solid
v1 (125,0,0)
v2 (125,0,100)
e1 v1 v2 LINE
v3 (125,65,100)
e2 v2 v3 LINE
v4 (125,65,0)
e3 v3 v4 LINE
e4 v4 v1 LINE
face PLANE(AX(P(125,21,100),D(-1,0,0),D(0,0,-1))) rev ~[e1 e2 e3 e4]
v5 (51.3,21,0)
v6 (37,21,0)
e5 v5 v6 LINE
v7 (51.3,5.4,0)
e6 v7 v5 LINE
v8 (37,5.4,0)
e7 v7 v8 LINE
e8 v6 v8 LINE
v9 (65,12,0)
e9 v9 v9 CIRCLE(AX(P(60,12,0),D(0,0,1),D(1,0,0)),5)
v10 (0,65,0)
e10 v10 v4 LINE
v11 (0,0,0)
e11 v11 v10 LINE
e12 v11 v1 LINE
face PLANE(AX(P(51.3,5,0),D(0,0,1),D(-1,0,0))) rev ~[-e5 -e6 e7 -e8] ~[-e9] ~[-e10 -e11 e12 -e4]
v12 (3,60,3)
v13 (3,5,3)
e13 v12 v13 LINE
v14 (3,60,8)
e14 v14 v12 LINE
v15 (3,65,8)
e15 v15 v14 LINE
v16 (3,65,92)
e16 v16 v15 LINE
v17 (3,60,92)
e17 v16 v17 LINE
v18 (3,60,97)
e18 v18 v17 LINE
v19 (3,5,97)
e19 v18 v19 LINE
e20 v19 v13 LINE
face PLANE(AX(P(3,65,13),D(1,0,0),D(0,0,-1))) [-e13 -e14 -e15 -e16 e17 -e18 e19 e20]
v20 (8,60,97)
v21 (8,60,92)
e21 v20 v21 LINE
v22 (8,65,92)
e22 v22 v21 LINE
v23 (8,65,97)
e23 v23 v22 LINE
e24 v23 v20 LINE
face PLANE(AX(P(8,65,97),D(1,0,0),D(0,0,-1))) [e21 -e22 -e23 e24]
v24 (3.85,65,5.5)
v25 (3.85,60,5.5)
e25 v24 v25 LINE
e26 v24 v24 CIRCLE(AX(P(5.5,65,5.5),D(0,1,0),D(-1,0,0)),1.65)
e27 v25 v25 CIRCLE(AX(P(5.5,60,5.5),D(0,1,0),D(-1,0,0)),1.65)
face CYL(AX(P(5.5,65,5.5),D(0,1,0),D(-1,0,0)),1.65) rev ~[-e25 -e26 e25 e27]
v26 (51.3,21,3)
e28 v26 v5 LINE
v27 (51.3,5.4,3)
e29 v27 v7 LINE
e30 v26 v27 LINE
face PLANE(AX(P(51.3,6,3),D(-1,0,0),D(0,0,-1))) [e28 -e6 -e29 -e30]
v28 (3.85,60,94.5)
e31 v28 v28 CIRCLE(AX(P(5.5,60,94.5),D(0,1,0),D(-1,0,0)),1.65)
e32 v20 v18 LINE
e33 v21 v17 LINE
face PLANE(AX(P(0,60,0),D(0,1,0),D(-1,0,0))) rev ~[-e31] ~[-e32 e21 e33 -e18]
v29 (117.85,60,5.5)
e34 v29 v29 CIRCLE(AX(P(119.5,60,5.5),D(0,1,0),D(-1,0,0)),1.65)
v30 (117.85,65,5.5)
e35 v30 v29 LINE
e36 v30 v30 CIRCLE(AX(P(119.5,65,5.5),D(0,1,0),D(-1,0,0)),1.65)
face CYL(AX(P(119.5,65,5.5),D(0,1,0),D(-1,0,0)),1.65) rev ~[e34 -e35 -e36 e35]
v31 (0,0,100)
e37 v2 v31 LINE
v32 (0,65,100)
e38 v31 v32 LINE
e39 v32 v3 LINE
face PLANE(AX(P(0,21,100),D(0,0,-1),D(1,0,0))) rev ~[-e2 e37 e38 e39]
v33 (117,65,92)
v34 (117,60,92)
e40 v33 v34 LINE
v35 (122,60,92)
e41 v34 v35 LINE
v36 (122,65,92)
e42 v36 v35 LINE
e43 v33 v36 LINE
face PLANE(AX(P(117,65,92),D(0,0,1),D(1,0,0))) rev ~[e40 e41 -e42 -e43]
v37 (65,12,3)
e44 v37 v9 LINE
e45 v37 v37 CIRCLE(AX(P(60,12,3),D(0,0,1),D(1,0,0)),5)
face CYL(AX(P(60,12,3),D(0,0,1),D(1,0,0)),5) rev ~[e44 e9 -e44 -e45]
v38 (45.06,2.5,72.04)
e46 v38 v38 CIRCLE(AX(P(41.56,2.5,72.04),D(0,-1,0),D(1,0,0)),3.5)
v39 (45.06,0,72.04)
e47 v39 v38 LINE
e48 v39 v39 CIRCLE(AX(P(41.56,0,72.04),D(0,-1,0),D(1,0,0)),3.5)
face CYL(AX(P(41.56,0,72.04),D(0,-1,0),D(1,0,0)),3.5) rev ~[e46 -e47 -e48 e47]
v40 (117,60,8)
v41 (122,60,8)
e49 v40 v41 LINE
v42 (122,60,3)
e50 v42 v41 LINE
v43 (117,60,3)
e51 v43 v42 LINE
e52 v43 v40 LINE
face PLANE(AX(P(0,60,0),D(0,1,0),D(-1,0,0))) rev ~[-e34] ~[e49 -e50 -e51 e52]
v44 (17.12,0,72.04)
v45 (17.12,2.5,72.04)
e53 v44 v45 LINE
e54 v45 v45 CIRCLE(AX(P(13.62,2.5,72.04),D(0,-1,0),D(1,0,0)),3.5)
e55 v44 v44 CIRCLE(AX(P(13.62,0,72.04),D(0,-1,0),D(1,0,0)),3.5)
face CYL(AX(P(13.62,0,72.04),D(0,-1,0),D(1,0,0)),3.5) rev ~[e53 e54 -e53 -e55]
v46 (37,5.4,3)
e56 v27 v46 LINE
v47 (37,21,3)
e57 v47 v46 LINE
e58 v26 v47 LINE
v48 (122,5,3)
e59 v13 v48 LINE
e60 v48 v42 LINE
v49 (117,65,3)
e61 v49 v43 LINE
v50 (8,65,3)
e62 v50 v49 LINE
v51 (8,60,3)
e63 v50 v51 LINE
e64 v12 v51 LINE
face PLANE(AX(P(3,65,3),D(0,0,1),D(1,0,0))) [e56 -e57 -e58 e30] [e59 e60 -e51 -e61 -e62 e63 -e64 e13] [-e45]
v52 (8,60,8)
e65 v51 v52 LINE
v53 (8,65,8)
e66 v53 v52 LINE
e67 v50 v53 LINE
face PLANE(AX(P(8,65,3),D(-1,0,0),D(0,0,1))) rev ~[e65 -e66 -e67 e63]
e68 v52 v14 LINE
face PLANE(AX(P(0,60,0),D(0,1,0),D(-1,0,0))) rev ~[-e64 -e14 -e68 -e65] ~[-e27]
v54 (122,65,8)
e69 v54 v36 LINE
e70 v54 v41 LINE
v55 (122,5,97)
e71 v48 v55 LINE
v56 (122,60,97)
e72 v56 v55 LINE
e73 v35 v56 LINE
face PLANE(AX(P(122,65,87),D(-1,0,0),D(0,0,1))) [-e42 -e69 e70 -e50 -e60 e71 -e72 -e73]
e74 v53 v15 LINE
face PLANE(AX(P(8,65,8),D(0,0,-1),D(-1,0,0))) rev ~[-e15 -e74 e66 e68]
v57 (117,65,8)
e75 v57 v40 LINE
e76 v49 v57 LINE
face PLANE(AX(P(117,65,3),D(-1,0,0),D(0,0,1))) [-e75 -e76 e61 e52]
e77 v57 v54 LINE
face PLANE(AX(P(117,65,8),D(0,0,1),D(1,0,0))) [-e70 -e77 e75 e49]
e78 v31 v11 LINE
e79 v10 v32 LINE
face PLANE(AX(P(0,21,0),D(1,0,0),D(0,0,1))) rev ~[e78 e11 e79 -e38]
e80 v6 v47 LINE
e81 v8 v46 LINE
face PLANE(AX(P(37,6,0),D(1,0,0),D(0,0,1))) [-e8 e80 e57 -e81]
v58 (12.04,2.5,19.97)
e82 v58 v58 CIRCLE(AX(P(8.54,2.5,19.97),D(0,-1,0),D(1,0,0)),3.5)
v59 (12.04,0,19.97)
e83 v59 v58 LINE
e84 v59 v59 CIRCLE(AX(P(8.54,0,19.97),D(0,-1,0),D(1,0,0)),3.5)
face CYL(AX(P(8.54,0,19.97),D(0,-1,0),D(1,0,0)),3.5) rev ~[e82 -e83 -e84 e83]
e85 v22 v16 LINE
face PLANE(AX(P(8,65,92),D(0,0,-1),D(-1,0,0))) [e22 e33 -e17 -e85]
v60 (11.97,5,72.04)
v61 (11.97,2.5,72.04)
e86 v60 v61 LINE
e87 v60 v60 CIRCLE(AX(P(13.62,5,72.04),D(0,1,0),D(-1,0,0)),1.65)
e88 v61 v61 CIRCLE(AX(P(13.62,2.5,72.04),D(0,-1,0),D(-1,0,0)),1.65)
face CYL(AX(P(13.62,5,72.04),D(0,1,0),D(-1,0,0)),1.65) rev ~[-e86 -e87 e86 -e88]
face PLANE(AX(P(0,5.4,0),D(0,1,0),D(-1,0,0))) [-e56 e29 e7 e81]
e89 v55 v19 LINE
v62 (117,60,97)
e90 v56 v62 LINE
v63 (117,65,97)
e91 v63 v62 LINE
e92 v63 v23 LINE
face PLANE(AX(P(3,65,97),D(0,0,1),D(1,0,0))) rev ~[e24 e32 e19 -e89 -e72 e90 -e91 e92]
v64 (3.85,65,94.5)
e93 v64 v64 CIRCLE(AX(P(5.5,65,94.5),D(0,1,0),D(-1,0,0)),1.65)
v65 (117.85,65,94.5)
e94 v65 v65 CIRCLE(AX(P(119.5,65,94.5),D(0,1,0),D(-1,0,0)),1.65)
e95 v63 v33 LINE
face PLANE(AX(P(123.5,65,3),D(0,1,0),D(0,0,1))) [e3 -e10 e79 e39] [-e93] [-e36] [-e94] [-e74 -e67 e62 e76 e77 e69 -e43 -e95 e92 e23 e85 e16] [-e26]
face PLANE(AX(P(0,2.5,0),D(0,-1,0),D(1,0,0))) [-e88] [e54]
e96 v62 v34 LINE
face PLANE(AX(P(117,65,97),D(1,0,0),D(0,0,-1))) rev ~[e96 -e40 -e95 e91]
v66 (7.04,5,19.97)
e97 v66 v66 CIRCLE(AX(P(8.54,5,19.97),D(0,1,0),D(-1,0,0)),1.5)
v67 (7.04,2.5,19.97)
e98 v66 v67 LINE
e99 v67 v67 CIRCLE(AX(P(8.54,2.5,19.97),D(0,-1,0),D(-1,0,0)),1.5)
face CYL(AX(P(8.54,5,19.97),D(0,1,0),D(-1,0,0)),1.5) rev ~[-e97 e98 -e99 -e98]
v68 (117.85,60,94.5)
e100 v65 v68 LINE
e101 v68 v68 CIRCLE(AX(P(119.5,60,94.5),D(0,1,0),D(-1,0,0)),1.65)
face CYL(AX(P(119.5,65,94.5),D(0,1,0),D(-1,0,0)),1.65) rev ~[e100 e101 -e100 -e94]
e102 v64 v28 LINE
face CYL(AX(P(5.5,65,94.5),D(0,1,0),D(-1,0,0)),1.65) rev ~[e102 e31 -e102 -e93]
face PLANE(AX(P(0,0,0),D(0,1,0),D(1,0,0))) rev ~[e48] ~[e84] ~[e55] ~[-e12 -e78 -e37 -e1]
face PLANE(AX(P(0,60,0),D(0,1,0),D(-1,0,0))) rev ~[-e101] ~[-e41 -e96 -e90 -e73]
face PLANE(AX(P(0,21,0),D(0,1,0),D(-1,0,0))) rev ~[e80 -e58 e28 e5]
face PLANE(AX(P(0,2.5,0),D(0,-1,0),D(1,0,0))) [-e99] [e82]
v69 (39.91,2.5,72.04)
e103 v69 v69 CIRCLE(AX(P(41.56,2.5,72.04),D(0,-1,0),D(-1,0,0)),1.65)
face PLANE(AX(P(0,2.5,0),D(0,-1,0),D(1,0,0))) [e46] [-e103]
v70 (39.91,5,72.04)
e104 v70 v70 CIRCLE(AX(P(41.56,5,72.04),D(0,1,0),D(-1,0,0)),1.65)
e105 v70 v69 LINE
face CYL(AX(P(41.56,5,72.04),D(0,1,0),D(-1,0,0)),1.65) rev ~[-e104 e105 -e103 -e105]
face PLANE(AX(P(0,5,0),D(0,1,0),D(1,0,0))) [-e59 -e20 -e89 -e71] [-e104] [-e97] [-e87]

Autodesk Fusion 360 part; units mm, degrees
sketch "Sketch1" plane through (0, 0, 0) normal (0, 1, 0) x (1, 0, 0)
  line L0 (0, 0) -> (125, 0)
  line L1 (125, 0) -> (125, -100)
  line L2 (125, -100) -> (0, -100)
  line L3 (0, -100) -> (0, 0)
  dimension "d1" = 125
  dimension "d2" = 100
extrude "Extrude1" add sketch "Sketch1" along normal blind 5
sketch "Sketch2" plane through (0, 5, 0) normal (0, 1, 0) x (-1, 0, 0)
  line L0 (0, 100) -> (-125, 100)
  line L1 (-125, 100) -> (-125, 0)
  line L2 (-125, 0) -> (0, 0)
  line L3 (0, 0) -> (0, 100)
  line L4 (-122, 3) -> (-3, 3)
  line L5 (-3, 3) -> (-3, 97)
  line L6 (-3, 97) -> (-122, 97)
  line L7 (-122, 97) -> (-122, 3)
  line L8 (-6, 6) -> (-59.3, 6)
  line L9 (-59.3, 6) -> (-59.3, 74.6)
  line L10 (-59.3, 74.6) -> (-6, 74.6)
  line L11 (-6, 74.6) -> (-6, 6)
  line L12 (-59.3, 6) -> (-52.3, 6)
  line L13 (-6, 6) -> (-37, 6)
  line L14 (-37, 3) -> (-52, 3)
  line L15 (-52, 3) -> (-52, 0)
  line L16 (-52, 0) -> (-37, 0)
  line L17 (-37, 0) -> (-37, 3)
  line L18 (-6, 6) -> (-6, 19.97)
  circle A0 centre (-8.54, 19.97) radius 1.5
  line L19 (-6, 6) -> (-6, 72.04)
  circle A1 centre (-13.62, 72.04) radius 1.65
  circle A2 centre (-41.56, 72.04) radius 1.65
  line L20 (-119, 6) -> (-64, 6)
  line L21 (-64, 6) -> (-64, 90)
  line L22 (-64, 90) -> (-119, 90)
  line L23 (-119, 90) -> (-119, 6)
  dimension "d9" = 53.3
  dimension "d10" = 68.6
  dimension "d11" = 7
  dimension "d12" = 31
  dimension "d13" = 13.97
  dimension "d14" = 2.54
  dimension "d15" = 3
  dimension "d16" = 66.04
  dimension "d17" = 7.62
  dimension "d18" = 35.56
  dimension "d19" = 3.3
  dimension "d20" = 3.3
  dimension "d21" = 55
  dimension "d22" = 84
extrude "Extrude2" cut sketch "Sketch2" against normal blind 5 contours A0 | A1 | A2
sketch "Sketch3" plane through (0, 5, 0) normal (0, 1, 0) x (-1, 0, 0)
  circle A0 centre (-8.54, 19.97) radius 1.5
  circle A1 centre (-13.62, 72.04) radius 1.65
  circle A2 centre (-41.56, 72.04) radius 1.65
  line L0 (0, 100) -> (-125, 100)
  line L1 (-125, 100) -> (-125, 0)
  line L2 (-125, 0) -> (0, 0)
  line L3 (0, 0) -> (0, 100)
  line L4 (-3, 3) -> (-123.5, 3)
  line L5 (-123.5, 3) -> (-123.5, 98.5)
  line L6 (-123.5, 98.5) -> (-3, 98.5)
  line L7 (-3, 98.5) -> (-3, 3)
  line L8 (-6, 6) -> (-59.3, 6)
  line L9 (-59.3, 6) -> (-59.3, 74.6)
  line L10 (-59.3, 74.6) -> (-6, 74.6)
  line L11 (-6, 74.6) -> (-6, 6)
  line L12 (-6, 6) -> (-37, 6)
  line L13 (-59.3, 6) -> (-51.3, 6)
  line L14 (-37, 3) -> (-51.3, 3)
  line L15 (-51.3, 3) -> (-51.3, 0)
  line L16 (-51.3, 0) -> (-37, 0)
  line L17 (-37, 0) -> (-37, 3)
  dimension "d25" = 53.3
  dimension "d26" = 68.6
  dimension "d27" = 31
  dimension "d28" = 8
extrude "Extrude3" add sketch "Sketch3" along normal blind 1 contours L0 L1 L2 L3 L4 L5 L6 L7 L15 L17
sketch "Sketch4" plane through (0, 0, 0) normal (0, -1, 0) x (1, 0, 0)
  circle A0 centre (8.54, 19.97) radius 1.5
  circle A1 centre (13.62, 72.04) radius 1.65
  circle A2 centre (41.56, 72.04) radius 1.65
  line L0 (125, 100) -> (0, 100)
  line L1 (0, 100) -> (0, 0)
  line L2 (0, 0) -> (125, 0)
  line L3 (125, 0) -> (125, 100)
  circle A3 centre (8.54, 19.97) radius 3.5
  circle A4 centre (13.62, 72.04) radius 3.5
  circle A5 centre (41.56, 72.04) radius 3.5
  dimension "d31" = 7
  dimension "d32" = 7
  dimension "d33" = 7
extrude "Extrude4" cut sketch "Sketch4" against normal blind 2.5 contours A3 | A4 | A5
extrude "Extrude5" add 1 faces at (1, 6, 34.3333) along direction (0, 1, 0) blind 17
sketch "Sketch5" plane through (0, 5, 0) normal (0, 1, 0) x (-1, 0, 0)
  line L0 (-51.3, 3) -> (-51.3, 0)
  line L1 (-51.3, 0) -> (-37, 0)
  line L2 (-37, 0) -> (-37, 3)
  line L3 (-37, 3) -> (-3, 3)
  line L4 (-3, 3) -> (-3, 98.5)
  line L5 (-3, 98.5) -> (-123.5, 98.5)
  line L6 (-123.5, 98.5) -> (-123.5, 3)
  line L7 (-123.5, 3) -> (-51.3, 3)
  circle A0 centre (-8.54, 19.97) radius 1.5
  circle A1 centre (-13.62, 72.04) radius 1.65
  circle A2 centre (-41.56, 72.04) radius 1.65
  line L8 (-51.3, 3) -> (-37, 3)
  line L9 (-37, 3) -> (-37, 0)
  line L10 (-37, 0) -> (-51.3, 0)
  line L11 (-51.3, 0) -> (-51.3, 3)
extrude "Extrude6" add sketch "Sketch5" along normal blind 0.4 contours L0 L1 L2 L8 L9 L10 L11
extrude "Extrude7" cut 1 faces at (1, 23, 34.3333) along direction (0, -1, 0) blind 2
sketch "Sketch6" plane through (0, 21, 0) normal (0, 1, 0) x (-1, 0, 0)
  line L0 (0, 0) -> (0, 100)
  line L1 (0, 100) -> (-125, 100)
  line L2 (-125, 100) -> (-125, 0)
  line L3 (-125, 0) -> (-51.3, 0)
  line L4 (-51.3, 0) -> (-51.3, 3)
  line L5 (-51.3, 3) -> (-123.5, 3)
  line L6 (-123.5, 3) -> (-123.5, 98.5)
  line L7 (-123.5, 98.5) -> (-3, 98.5)
  line L8 (-3, 98.5) -> (-3, 3)
  line L9 (-3, 3) -> (-37, 3)
  line L10 (-37, 3) -> (-37, 0)
  line L11 (-37, 0) -> (0, 0)
  line L12 (-37, 0) -> (-51.3, 0)
  line L13 (-51.3, 0) -> (-51.3, 3)
  line L14 (-51.3, 3) -> (-37, 3)
  line L15 (-37, 3) -> (-37, 0)
extrude "Extrude8" add sketch "Sketch6" along normal blind 44 contours L0 L1 L2 L3 L4 L5 L6 L7 L8 L9 L10 L11 L13 L15 | L4 L10 L12 L13 L14 L15
sketch "Sketch7" plane through (0, 0, 3) normal (0, 0, 1) x (1, 0, 0)
  line L0 (3, 65) -> (3, 5)
  line L1 (3, 5) -> (123.5, 5)
  line L2 (123.5, 5) -> (123.5, 65)
  line L3 (123.5, 65) -> (3, 65)
  line L4 (37, 21) -> (51.3, 21)
  line L5 (51.3, 21) -> (51.3, 5.4)
  line L6 (51.3, 5.4) -> (37, 5.4)
  line L7 (37, 5.4) -> (37, 21)
  circle A0 centre (60, 12) radius 5
  dimension "d44" = 10
extrude "Extrude9" cut sketch "Sketch7" against normal blind 3 contours A0
extrude "Extrude10" add 1 faces at (83.3333, 25, 98.5) along direction (0, 0, -1) blind 1.5
extrude "Extrude11" add 1 faces at (123.5, 25, 34.3333) along direction (-1, 0, 0) blind 1.5
sketch "Sketch8" plane through (0, 5, 0) normal (0, 1, 0) x (-1, 0, 0)
  line L0 (-122, 97) -> (-122, 3)
  line L1 (-122, 3) -> (-3, 3)
  line L2 (-3, 3) -> (-3, 97)
  line L3 (-3, 97) -> (-122, 97)
  circle A0 centre (-41.56, 72.04) radius 1.65
  circle A1 centre (-13.62, 72.04) radius 1.65
  circle A2 centre (-8.54, 19.97) radius 1.5
sketch "Sketch9" plane through (0, 65, 0) normal (0, 1, 0) x (-1, 0, 0)
  line L0 (-3, 3) -> (-122, 3)
  line L1 (-122, 3) -> (-122, 97)
  line L2 (-122, 97) -> (-3, 97)
  line L3 (-3, 97) -> (-3, 3)
  line L4 (0, 0) -> (0, 100)
  line L5 (0, 100) -> (-125, 100)
  line L6 (-125, 100) -> (-125, 0)
  line L7 (-125, 0) -> (0, 0)
  line L8 (-122, 97) -> (-112, 97)
  line L9 (-112, 97) -> (-112, 87)
  line L10 (-112, 87) -> (-122, 87)
  line L11 (-122, 87) -> (-122, 97)
  line L12 (-122, 3) -> (-112, 3)
  line L13 (-112, 3) -> (-112, 13)
  line L14 (-112, 13) -> (-122, 13)
  line L15 (-122, 13) -> (-122, 3)
  line L16 (-3, 97) -> (-13, 97)
  line L17 (-13, 97) -> (-13, 87)
  line L18 (-13, 87) -> (-3, 87)
  line L19 (-3, 87) -> (-3, 97)
  line L20 (-3, 3) -> (-13, 3)
  line L21 (-13, 3) -> (-13, 13)
  line L22 (-13, 13) -> (-3, 13)
  line L23 (-3, 13) -> (-3, 3)
  dimension "d51" = 10
  dimension "d52" = 10
  dimension "d53" = 10
  dimension "d54" = 10
  dimension "d55" = 10
  dimension "d56" = 10
extrude "Extrude12" add sketch "Sketch9" against normal blind 3 contours L0 L3 L20 L21 L22 L23 | L0 L1 L12 L13 L14 L15 | L2 L3 L16 L17 L18 L19 | L1 L2 L8 L9 L10 L11
sketch "Sketch10" plane through (0, 65, 0) normal (0, 1, 0) x (-1, 0, 0)
  line L0 (-13, 3) -> (-112, 3)
  line L1 (-112, 3) -> (-112, 13)
  line L2 (-112, 13) -> (-122, 13)
  line L3 (-122, 13) -> (-122, 87)
  line L4 (-122, 87) -> (-112, 87)
  line L5 (-112, 87) -> (-112, 97)
  line L6 (-112, 97) -> (-13, 97)
  line L7 (-13, 97) -> (-13, 87)
  line L8 (-13, 87) -> (-3, 87)
  line L9 (-3, 87) -> (-3, 13)
  line L10 (-3, 13) -> (-13, 13)
  line L11 (-13, 13) -> (-13, 3)
  line L12 (0, 0) -> (0, 100)
  line L13 (0, 100) -> (-125, 100)
  line L14 (-125, 100) -> (-125, 0)
  line L15 (-125, 0) -> (0, 0)
  circle A0 centre (-8, 8) radius 1.65
  circle A1 centre (-8, 92) radius 1.65
  circle A2 centre (-117, 92) radius 1.65
  circle A3 centre (-117, 8) radius 1.65
  dimension "d59" = 3.3
  dimension "d60" = 3.3
  dimension "d61" = 3.3
  dimension "d62" = 3.3
extrude "Extrude13" cut sketch "Sketch10" against normal blind 3 contours A0 | A1 | A2 | A3
delete_face "DeleteFace1" 1 faces at (115.3521, 63, 91.9178)
delete_face "DeleteFace2" 1 faces at (117.7527, 63, 6.5317)
delete_face "DeleteFace3" 2 faces at (6.3582, 64, 7.8357) (6.3521, 63, 91.9178)
sketch "Sketch11" plane through (0, 65, 0) normal (0, 1, 0) x (-1, 0, 0)
  line L0 (-13, 3) -> (-112, 3)
  line L1 (-112, 3) -> (-112, 13)
  line L2 (-112, 13) -> (-122, 13)
  line L3 (-122, 13) -> (-122, 87)
  line L4 (-122, 87) -> (-112, 87)
  line L5 (-112, 87) -> (-112, 97)
  line L6 (-112, 97) -> (-13, 97)
  line L7 (-13, 97) -> (-13, 87)
  line L8 (-13, 87) -> (-3, 87)
  line L9 (-3, 87) -> (-3, 13)
  line L10 (-3, 13) -> (-13, 13)
  line L11 (-13, 13) -> (-13, 3)
  line L12 (0, 0) -> (0, 100)
  line L13 (0, 100) -> (-125, 100)
  line L14 (-125, 100) -> (-125, 0)
  line L15 (-125, 0) -> (0, 0)
  line L16 (-13, 13) -> (-3, 13)
  line L17 (-3, 13) -> (-3, 3)
  line L18 (-3, 3) -> (-13, 3)
  line L19 (-13, 3) -> (-13, 13)
  line L20 (-13, 87) -> (-3, 87)
  line L21 (-3, 87) -> (-3, 97)
  line L22 (-3, 97) -> (-13, 97)
  line L23 (-13, 97) -> (-13, 87)
  line L24 (-112, 87) -> (-122, 87)
  line L25 (-122, 87) -> (-122, 97)
  line L26 (-122, 97) -> (-112, 97)
  line L27 (-112, 97) -> (-112, 87)
  line L28 (-112, 13) -> (-122, 13)
  line L29 (-122, 13) -> (-122, 3)
  line L30 (-122, 3) -> (-112, 3)
  line L31 (-112, 3) -> (-112, 13)
extrude "Extrude14" cut sketch "Sketch11" against normal blind 3 contours L10 L11 L16 L17 L18 L19 | L1 L2 L28 L29 L30 L31 | L7 L8 L20 L21 L22 L23 | L4 L5 L24 L25 L26 L27
sketch "Sketch12" plane through (0, 65, 0) normal (0, 1, 0) x (-1, 0, 0)
  line L0 (-3, 97) -> (-3, 3)
  line L1 (-3, 3) -> (-122, 3)
  line L2 (-122, 3) -> (-122, 97)
  line L3 (-122, 97) -> (-3, 97)
  line L4 (0, 0) -> (0, 100)
  line L5 (0, 100) -> (-125, 100)
  line L6 (-125, 100) -> (-125, 0)
  line L7 (-125, 0) -> (0, 0)
  line L8 (-3, 3) -> (-8, 3)
  line L9 (-8, 3) -> (-8, 8)
  line L10 (-8, 8) -> (-3, 8)
  line L11 (-3, 8) -> (-3, 3)
  line L12 (-3, 97) -> (-8, 97)
  line L13 (-8, 97) -> (-8, 92)
  line L14 (-8, 92) -> (-3, 92)
  line L15 (-3, 92) -> (-3, 97)
  line L16 (-122, 97) -> (-117, 97)
  line L17 (-117, 97) -> (-117, 92)
  line L18 (-117, 92) -> (-122, 92)
  line L19 (-122, 92) -> (-122, 97)
  line L20 (-122, 3) -> (-117, 3)
  line L21 (-117, 3) -> (-117, 8)
  line L22 (-117, 8) -> (-122, 8)
  line L23 (-122, 8) -> (-122, 3)
extrude "Extrude15" add sketch "Sketch12" against normal blind 5 contours L0 L3 L12 L13 L14 L15 | L0 L1 L8 L9 L10 L11 | L2 L3 L16 L17 L18 L19 | L1 L2 L20 L21 L22 L23
sketch "Sketch13" plane through (0, 65, 0) normal (0, 1, 0) x (-1, 0, 0)
  line L0 (-3, 92) -> (-3, 8)
  line L1 (-3, 8) -> (-8, 8)
  line L2 (-8, 8) -> (-8, 3)
  line L3 (-8, 3) -> (-117, 3)
  line L4 (-117, 3) -> (-117, 8)
  line L5 (-117, 8) -> (-122, 8)
  line L6 (-122, 8) -> (-122, 92)
  line L7 (-122, 92) -> (-117, 92)
  line L8 (-117, 92) -> (-117, 97)
  line L9 (-117, 97) -> (-8, 97)
  line L10 (-8, 97) -> (-8, 92)
  line L11 (-8, 92) -> (-3, 92)
  line L12 (0, 0) -> (0, 100)
  line L13 (0, 100) -> (-125, 100)
  line L14 (-125, 100) -> (-125, 0)
  line L15 (-125, 0) -> (0, 0)
  circle A0 centre (-5.5, 5.5) radius 1.65
  line L16 (-8, 92) -> (-5.5, 92)
  line L17 (-8, 94.5) -> (-8, 92)
  circle A1 centre (-5.5, 94.5) radius 1.65
  line L18 (-117, 92) -> (-119.5, 92)
  line L19 (-117, 94.5) -> (-117, 92)
  circle A2 centre (-119.5, 94.5) radius 1.65
  line L20 (-117, 8) -> (-119.5, 8)
  line L21 (-117, 5.5) -> (-117, 8)
  circle A3 centre (-119.5, 5.5) radius 1.65
  dimension "d69" = 3.3
  dimension "d70" = 3.3
  dimension "d71" = 3.3
  dimension "d72" = 3.3
extrude "Extrude16" cut sketch "Sketch13" against normal blind 5 contours A0 | A1 | A2 | A3
sketch "Sketch14" plane through (0, 65, 0) normal (0, 1, 0) x (-1, 0, 0)
  circle A0 centre (-119.5, 5.5) radius 1.65
  circle A1 centre (-5.5, 5.5) radius 1.65
  circle A2 centre (-119.5, 94.5) radius 1.65
  circle A3 centre (-5.5, 94.5) radius 1.65
  line L0 (-3, 92) -> (-3, 8)
  line L1 (-3, 8) -> (-8, 8)
  line L2 (-8, 8) -> (-8, 3)
  line L3 (-8, 3) -> (-117, 3)
  line L4 (-117, 3) -> (-117, 8)
  line L5 (-117, 8) -> (-122, 8)
  line L6 (-122, 8) -> (-122, 92)
  line L7 (-122, 92) -> (-117, 92)
  line L8 (-117, 92) -> (-117, 97)
  line L9 (-117, 97) -> (-8, 97)
  line L10 (-8, 97) -> (-8, 92)
  line L11 (-8, 92) -> (-3, 92)
  line L12 (0, 0) -> (0, 100)
  line L13 (0, 100) -> (-125, 100)
  line L14 (-125, 100) -> (-125, 0)
  line L15 (-125, 0) -> (0, 0)
